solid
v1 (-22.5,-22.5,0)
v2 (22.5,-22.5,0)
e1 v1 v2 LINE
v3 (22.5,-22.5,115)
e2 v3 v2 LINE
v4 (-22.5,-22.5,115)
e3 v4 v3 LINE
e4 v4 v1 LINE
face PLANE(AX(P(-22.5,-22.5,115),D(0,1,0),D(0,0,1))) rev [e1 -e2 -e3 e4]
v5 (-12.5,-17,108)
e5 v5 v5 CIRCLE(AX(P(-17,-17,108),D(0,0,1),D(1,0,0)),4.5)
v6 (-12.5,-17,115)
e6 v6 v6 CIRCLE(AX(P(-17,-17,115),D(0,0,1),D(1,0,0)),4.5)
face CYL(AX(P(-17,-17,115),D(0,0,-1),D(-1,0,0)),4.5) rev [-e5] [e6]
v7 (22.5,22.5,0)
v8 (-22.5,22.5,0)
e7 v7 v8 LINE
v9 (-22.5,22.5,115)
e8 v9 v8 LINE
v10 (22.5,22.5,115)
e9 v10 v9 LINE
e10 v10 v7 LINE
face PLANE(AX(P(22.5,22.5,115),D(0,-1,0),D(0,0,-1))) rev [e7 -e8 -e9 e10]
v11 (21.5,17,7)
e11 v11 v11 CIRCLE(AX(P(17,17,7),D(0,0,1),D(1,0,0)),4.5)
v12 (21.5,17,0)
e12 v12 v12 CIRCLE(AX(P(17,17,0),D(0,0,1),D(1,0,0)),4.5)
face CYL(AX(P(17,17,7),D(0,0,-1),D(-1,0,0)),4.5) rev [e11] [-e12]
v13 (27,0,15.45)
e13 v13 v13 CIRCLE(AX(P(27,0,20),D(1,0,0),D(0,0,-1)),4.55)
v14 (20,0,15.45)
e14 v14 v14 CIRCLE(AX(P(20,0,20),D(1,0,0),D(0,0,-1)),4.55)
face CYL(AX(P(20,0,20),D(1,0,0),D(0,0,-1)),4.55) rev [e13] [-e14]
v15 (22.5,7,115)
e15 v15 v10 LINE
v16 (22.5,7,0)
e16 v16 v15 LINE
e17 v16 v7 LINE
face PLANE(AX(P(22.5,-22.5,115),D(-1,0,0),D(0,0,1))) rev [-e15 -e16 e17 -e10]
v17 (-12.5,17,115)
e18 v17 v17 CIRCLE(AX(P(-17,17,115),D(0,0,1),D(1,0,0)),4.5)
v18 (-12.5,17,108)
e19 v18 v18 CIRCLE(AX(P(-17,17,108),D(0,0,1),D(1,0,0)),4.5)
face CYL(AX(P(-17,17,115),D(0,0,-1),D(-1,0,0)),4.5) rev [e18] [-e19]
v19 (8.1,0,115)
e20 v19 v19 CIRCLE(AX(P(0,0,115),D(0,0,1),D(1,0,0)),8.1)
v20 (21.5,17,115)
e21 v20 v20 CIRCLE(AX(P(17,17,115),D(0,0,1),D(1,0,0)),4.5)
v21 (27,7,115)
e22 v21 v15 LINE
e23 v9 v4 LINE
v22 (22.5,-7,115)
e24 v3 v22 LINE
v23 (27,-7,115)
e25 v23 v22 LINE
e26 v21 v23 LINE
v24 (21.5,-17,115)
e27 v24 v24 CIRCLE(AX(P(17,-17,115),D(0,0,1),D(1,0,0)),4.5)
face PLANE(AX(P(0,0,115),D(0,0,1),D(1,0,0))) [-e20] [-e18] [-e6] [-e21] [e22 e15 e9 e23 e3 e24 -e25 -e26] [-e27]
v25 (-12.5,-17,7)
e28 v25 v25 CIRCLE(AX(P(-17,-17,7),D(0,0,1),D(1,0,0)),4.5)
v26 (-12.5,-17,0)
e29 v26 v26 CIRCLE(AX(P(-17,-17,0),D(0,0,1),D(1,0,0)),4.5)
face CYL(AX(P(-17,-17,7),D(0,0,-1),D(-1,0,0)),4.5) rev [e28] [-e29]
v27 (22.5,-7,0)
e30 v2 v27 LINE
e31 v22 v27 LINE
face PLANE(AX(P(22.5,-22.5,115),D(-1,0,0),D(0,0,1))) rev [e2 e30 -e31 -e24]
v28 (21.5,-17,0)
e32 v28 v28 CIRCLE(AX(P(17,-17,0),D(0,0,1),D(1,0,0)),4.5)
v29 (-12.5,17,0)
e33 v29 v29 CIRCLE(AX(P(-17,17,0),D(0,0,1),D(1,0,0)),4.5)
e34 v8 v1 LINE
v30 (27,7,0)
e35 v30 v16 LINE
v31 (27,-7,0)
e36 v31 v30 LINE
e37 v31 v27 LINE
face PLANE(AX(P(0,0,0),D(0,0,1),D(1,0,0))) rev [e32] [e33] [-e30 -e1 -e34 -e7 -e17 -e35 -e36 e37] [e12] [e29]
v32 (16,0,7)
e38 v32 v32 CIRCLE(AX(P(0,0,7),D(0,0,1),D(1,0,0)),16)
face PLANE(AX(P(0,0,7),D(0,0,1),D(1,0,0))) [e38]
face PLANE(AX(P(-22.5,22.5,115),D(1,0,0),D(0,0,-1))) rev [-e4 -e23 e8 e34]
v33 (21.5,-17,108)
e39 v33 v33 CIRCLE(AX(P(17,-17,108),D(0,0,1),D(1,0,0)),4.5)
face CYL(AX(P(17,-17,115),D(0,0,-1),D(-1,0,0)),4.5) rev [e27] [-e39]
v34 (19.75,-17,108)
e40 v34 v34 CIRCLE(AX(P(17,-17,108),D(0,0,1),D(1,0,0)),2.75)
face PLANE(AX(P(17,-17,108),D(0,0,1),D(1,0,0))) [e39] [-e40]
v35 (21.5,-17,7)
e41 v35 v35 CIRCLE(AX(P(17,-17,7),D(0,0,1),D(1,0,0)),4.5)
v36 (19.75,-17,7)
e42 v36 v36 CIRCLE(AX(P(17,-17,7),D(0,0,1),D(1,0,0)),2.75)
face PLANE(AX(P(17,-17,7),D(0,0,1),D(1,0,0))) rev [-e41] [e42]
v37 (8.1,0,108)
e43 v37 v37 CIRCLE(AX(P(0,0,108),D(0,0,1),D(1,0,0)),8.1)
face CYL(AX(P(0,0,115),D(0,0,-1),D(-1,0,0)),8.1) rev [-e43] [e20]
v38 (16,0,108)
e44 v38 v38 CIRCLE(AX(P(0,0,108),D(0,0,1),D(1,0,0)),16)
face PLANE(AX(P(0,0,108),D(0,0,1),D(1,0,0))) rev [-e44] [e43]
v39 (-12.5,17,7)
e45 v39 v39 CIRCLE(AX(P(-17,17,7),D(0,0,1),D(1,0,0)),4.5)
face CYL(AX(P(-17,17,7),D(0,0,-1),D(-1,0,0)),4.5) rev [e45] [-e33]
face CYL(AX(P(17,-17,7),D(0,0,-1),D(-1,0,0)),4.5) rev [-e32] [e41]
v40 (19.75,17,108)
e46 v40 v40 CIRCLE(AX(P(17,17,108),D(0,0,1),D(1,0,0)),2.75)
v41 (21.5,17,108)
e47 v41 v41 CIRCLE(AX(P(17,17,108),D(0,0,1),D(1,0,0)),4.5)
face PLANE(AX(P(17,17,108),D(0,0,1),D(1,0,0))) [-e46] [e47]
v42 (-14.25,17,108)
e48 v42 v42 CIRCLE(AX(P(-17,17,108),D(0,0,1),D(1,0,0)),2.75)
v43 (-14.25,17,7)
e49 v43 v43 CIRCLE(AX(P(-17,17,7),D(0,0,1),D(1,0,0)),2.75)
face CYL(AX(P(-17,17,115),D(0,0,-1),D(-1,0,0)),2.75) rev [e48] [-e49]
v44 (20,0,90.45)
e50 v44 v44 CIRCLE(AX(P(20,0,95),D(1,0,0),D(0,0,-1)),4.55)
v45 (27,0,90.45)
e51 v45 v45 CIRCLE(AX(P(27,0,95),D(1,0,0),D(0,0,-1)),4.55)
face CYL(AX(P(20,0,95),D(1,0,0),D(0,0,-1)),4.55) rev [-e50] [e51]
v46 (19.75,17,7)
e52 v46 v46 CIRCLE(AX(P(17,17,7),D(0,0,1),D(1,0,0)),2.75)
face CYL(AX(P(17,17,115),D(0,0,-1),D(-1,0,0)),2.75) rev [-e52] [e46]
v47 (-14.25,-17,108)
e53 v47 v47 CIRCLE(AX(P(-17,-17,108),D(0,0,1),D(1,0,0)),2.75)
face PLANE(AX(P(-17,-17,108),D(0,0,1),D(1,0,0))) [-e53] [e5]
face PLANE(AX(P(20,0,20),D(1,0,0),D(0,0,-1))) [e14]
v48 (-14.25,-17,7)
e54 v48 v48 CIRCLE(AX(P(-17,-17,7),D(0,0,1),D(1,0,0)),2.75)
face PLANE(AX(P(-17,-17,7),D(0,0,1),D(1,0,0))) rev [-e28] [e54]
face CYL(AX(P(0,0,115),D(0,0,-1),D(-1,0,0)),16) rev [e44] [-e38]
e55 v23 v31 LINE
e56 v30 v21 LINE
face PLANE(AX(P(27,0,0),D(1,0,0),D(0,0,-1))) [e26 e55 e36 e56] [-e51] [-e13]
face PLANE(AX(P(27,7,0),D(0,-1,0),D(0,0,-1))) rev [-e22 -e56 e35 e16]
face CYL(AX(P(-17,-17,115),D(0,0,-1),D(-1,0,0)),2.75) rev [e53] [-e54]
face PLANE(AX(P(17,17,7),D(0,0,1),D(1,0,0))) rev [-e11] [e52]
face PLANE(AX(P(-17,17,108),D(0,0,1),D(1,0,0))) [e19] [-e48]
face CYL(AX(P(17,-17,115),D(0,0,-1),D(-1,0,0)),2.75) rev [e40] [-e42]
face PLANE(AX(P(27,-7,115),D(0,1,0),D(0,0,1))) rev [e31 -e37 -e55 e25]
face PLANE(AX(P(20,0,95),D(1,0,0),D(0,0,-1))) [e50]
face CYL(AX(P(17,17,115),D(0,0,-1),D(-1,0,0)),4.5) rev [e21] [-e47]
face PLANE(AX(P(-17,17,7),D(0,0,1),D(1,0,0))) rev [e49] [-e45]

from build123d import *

# Parameters (mm, degrees)
SKETCH1_W                                      = 45
SKETCH1_H                                      = 45
SKETCH1_R                                      = 2.75
SKETCH1_R_2                                    = 16
SMC_45_MM_SQUARE_BODY_AND_FOUR_5_5_MM_TH_DEPTH = 115
SKETCH2_R                                      = 16
HEAD_END_CLEARANCE_ENVELOPE_DEPTH              = 7
ROD_START                                      = 108
SKETCH3_R                                      = 16
SKETCH3_R_2                                    = 8.1
ROD_COVER_AND_16_MM_ROD_CLEARANCE_DEPTH        = 7
SKETCH4_R                                      = 4.5
REAR_BOLT_HEAD_COUNTERBORES_DEPTH              = 7
FRONT_START                                    = 108
SKETCH5_R                                      = 4.5
FRONT_MOUNTING_COUNTERBORES_DEPTH              = 7
CATALOG_START                                  = 22.4
SKETCH6_W                                      = 115
SKETCH6_H                                      = 14
CATALOG_14_MM_WIDE_PORT_BOSS_PROJECTION_DEPTH  = 4.6
TOP_START                                      = 27
SKETCH7_R                                      = 4.55
TOP_RC_1_8_PORTS_20_MM_FROM_EACH_END_DEPTH     = 7


with BuildPart() as part:
    # Sketch1 → SMC 45 mm square body and four 5.5 mm through holes (new body)
    with BuildSketch(Plane.XY):
        Rectangle(SKETCH1_W, SKETCH1_H)
        with Locations((-17, -17)):
            Circle(SKETCH1_R, mode=Mode.SUBTRACT)
        with Locations((-17, 17)):
            Circle(SKETCH1_R, mode=Mode.SUBTRACT)
        with Locations((17, -17)):
            Circle(SKETCH1_R, mode=Mode.SUBTRACT)
        with Locations((17, 17)):
            Circle(SKETCH1_R, mode=Mode.SUBTRACT)
        Circle(SKETCH1_R_2, mode=Mode.SUBTRACT)
    extrude(amount=SMC_45_MM_SQUARE_BODY_AND_FOUR_5_5_MM_TH_DEPTH)

    # Sketch2 → Head end clearance envelope (add)
    with BuildSketch(Plane.XY):
        Circle(SKETCH2_R)
    extrude(amount=HEAD_END_CLEARANCE_ENVELOPE_DEPTH)

    # Sketch3 → Rod cover and 16 mm rod clearance (add)
    with BuildSketch(Plane.XY.offset(ROD_START)):
        Circle(SKETCH3_R)
        Circle(SKETCH3_R_2, mode=Mode.SUBTRACT)
    extrude(amount=ROD_COVER_AND_16_MM_ROD_CLEARANCE_DEPTH)

    # Sketch4 → Rear bolt head counterbores (cut)
    with BuildSketch(Plane.XY):
        with Locations((-17, -17)):
            Circle(SKETCH4_R)
        with Locations((-17, 17)):
            Circle(SKETCH4_R)
        with Locations((17, -17)):
            Circle(SKETCH4_R)
        with Locations((17, 17)):
            Circle(SKETCH4_R)
    extrude(amount=REAR_BOLT_HEAD_COUNTERBORES_DEPTH, mode=Mode.SUBTRACT)

    # Sketch5 → Front mounting counterbores (cut)
    with BuildSketch(Plane.XY.offset(FRONT_START)):
        with Locations((-17, -17)):
            Circle(SKETCH5_R)
        with Locations((-17, 17)):
            Circle(SKETCH5_R)
        with Locations((17, -17)):
            Circle(SKETCH5_R)
        with Locations((17, 17)):
            Circle(SKETCH5_R)
    extrude(amount=FRONT_MOUNTING_COUNTERBORES_DEPTH, mode=Mode.SUBTRACT)

    # Sketch6 → Catalog 14 mm wide port boss projection (add)
    with BuildSketch(Plane(origin=(0, 0, 0), x_dir=(0, 0, -1), z_dir=(1, 0, 0)).offset(CATALOG_START)):
        with Locations((-57.5, 0)):
            Rectangle(SKETCH6_W, SKETCH6_H)
    extrude(amount=CATALOG_14_MM_WIDE_PORT_BOSS_PROJECTION_DEPTH)

    # Sketch7 → Top Rc 1/8 ports, 20 mm from each end (cut)
    with BuildSketch(Plane(origin=(0, 0, 0), x_dir=(0, 0, -1), z_dir=(1, 0, 0)).offset(TOP_START)):
        with Locations((-20, 0)):
            Circle(SKETCH7_R)
        with Locations((-95, 0)):
            Circle(SKETCH7_R)
    extrude(amount=-TOP_RC_1_8_PORTS_20_MM_FROM_EACH_END_DEPTH, mode=Mode.SUBTRACT)


solid = part.part
